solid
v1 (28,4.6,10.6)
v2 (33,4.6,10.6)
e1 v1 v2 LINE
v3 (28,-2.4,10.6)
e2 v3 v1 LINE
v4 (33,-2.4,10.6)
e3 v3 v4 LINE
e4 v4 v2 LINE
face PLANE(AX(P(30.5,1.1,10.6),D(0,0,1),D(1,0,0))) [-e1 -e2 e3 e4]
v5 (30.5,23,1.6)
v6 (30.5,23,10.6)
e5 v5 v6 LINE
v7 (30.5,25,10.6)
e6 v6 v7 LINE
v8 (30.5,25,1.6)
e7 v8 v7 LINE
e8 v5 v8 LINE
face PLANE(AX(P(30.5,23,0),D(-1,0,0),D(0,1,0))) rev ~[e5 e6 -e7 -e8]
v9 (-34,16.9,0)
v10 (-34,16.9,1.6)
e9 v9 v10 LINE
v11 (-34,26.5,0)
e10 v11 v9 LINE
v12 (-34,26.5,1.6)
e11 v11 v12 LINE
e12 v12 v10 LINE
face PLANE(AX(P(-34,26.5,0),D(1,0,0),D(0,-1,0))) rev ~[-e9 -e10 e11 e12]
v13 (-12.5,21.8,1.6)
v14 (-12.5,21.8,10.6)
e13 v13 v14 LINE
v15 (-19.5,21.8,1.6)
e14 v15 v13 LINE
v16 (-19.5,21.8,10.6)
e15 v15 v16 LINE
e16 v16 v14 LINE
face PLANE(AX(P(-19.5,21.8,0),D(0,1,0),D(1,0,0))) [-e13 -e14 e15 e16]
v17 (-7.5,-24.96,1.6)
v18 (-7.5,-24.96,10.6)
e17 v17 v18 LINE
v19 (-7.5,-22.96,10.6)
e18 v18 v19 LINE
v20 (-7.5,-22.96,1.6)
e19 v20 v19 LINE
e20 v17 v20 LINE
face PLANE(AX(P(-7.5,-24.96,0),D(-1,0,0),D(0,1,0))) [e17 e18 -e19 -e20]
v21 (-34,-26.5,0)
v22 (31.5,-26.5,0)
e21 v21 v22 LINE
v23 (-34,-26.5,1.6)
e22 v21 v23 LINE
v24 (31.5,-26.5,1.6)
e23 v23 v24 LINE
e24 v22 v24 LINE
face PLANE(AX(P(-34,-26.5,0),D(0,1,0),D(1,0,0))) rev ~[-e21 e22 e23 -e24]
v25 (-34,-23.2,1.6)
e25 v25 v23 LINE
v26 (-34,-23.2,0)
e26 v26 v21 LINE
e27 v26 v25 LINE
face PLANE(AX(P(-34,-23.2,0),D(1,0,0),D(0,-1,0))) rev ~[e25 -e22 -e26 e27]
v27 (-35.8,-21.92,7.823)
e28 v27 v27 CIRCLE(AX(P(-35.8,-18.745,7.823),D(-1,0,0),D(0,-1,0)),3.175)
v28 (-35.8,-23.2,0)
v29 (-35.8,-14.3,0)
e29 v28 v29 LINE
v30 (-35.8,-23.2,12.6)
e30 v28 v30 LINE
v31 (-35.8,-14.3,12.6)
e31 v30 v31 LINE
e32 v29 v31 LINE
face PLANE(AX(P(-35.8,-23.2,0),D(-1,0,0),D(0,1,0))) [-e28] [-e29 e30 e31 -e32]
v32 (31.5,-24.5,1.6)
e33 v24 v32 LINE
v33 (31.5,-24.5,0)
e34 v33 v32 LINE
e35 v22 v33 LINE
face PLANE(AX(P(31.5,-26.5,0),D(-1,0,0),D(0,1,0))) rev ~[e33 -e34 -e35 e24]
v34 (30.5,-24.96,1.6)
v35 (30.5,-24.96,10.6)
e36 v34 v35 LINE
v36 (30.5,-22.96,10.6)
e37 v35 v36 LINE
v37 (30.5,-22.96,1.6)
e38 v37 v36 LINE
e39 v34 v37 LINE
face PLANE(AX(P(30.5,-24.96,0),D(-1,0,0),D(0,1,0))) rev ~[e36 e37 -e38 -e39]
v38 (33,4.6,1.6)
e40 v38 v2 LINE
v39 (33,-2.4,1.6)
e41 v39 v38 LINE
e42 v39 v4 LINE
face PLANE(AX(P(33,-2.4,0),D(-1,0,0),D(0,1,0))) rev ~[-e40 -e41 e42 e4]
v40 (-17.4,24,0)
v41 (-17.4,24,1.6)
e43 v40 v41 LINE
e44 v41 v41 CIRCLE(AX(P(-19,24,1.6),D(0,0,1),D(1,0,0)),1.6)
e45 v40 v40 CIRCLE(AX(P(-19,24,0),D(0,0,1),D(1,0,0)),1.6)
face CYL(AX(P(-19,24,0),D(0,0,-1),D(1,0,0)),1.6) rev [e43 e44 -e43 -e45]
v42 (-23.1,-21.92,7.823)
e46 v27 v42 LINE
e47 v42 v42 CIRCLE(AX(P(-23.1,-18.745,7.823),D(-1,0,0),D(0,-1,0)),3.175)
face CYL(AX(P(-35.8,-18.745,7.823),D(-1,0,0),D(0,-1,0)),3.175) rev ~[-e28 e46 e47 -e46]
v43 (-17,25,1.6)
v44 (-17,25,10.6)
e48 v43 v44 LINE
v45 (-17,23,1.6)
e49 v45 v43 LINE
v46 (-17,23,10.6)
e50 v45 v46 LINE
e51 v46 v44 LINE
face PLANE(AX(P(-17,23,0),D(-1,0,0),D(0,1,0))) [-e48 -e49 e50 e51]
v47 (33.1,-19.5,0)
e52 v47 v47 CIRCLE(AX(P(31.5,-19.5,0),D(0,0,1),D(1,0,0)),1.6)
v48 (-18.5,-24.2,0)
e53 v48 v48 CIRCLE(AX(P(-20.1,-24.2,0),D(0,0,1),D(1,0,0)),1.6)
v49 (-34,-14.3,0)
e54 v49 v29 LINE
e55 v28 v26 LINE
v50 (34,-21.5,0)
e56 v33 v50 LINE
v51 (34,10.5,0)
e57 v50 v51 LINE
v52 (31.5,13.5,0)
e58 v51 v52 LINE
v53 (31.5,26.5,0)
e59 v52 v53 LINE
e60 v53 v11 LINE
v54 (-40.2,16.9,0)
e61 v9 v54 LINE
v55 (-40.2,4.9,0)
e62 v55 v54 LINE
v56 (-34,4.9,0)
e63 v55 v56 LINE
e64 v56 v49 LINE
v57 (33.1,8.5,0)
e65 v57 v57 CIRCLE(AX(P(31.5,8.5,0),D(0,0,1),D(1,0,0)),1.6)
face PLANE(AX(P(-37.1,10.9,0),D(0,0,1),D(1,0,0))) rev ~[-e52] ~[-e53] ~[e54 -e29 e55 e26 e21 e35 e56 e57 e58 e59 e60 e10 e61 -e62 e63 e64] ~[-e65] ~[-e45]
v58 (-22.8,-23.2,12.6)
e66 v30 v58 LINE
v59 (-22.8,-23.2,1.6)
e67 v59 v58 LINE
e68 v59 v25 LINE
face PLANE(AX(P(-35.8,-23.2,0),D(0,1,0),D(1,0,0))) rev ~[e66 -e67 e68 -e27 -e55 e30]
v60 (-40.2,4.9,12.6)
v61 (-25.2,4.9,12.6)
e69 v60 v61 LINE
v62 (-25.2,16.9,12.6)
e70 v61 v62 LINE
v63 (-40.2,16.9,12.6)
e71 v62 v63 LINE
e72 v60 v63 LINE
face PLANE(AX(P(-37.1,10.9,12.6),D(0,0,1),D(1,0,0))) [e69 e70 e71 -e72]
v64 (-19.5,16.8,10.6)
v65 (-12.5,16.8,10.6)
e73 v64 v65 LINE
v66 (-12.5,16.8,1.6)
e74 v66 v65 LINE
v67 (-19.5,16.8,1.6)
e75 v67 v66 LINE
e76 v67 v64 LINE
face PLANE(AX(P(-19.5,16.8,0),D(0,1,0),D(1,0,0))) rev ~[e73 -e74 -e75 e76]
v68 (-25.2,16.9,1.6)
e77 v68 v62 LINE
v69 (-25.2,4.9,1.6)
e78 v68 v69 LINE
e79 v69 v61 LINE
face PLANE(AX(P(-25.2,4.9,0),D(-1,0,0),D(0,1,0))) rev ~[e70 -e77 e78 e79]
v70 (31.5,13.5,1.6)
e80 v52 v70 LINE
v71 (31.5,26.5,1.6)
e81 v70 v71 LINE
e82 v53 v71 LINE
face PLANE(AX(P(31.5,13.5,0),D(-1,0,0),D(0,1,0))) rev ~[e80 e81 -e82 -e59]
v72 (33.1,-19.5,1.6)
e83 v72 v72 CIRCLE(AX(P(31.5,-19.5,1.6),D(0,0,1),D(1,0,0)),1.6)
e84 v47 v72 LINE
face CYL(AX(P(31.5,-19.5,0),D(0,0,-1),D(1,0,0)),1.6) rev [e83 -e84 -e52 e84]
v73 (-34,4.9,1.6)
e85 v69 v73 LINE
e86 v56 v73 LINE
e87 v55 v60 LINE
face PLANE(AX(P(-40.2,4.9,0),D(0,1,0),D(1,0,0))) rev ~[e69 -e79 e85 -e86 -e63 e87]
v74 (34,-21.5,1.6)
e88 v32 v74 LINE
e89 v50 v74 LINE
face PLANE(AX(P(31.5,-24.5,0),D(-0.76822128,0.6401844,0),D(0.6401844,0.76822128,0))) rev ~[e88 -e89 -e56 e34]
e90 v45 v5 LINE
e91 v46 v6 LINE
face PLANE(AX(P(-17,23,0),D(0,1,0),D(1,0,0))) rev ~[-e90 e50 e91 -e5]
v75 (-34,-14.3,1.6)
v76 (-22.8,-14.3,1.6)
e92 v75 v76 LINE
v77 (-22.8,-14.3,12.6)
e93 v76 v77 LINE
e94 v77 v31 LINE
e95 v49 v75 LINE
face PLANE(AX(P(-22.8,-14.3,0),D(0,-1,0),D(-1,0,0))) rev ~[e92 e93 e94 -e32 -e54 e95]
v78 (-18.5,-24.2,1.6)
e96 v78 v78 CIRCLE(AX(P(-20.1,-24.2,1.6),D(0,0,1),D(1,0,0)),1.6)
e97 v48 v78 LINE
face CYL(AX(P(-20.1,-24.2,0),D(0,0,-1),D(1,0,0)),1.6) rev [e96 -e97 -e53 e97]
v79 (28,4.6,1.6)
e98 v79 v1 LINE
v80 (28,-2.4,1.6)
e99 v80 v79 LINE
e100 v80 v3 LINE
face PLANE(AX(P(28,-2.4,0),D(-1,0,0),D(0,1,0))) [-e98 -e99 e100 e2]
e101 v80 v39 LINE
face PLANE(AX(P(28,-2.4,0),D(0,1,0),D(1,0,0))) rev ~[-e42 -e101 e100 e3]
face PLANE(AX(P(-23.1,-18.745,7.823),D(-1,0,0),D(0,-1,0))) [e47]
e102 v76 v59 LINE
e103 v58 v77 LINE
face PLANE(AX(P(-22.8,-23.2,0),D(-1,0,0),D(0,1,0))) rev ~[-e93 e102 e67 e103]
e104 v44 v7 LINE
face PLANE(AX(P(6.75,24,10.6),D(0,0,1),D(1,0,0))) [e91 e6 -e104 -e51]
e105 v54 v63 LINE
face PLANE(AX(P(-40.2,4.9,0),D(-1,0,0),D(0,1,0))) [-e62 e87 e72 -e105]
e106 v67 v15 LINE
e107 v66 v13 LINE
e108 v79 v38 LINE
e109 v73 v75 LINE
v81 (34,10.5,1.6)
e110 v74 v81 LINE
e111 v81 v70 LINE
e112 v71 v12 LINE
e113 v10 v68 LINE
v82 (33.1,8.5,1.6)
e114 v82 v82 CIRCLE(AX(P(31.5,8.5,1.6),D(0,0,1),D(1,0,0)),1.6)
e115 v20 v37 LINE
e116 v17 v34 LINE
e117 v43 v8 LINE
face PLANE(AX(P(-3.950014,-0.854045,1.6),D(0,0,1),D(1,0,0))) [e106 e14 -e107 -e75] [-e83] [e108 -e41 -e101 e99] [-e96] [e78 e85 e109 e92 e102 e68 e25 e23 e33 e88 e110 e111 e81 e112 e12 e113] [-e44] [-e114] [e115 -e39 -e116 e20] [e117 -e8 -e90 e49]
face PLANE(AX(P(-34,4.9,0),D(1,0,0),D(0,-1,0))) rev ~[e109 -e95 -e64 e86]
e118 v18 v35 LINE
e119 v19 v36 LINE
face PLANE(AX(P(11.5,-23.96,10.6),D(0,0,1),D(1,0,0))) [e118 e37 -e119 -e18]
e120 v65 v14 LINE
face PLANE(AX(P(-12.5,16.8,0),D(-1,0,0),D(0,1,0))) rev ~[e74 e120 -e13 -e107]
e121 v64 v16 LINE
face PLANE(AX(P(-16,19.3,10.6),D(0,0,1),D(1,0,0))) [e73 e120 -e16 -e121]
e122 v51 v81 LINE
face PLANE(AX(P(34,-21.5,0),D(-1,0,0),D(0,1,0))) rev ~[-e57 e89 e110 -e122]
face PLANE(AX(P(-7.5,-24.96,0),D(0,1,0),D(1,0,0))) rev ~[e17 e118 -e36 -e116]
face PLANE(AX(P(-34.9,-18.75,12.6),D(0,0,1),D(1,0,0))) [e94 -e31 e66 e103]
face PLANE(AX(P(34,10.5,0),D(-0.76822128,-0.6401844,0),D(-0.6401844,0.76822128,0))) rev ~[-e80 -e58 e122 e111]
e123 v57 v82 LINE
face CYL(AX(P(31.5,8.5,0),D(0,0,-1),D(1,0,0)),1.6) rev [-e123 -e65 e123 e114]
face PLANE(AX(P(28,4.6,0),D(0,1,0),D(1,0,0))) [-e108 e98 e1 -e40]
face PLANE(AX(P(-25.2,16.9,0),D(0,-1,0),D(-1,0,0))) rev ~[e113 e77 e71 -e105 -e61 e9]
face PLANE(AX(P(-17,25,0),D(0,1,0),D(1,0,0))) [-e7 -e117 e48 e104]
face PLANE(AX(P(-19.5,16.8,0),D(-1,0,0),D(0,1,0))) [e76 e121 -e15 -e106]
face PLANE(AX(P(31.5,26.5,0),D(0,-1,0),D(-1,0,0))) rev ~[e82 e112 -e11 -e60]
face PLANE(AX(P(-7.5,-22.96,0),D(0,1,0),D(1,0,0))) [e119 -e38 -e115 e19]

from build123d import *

# Parameters (mm, degrees)
F0_R     = 1.6
F0_W     = 38
F0_H     = 2
F0_W_2   = 7
F0_H_2   = 5
F0_W_3   = 5
F0_H_3   = 7
F0_W_4   = 47.5
F1_DEPTH = 1.6
F0_W_5   = 6.2
F0_H_4   = 12
F0_W_6   = 8.8
F0_W_7   = 1.8
F0_H_5   = 8.9
F0_W_8   = 11.2
F2_DEPTH = 12.6
F3_DEPTH = 10.6
F4_R     = 3.175
F5_DEPTH = 12.7


with BuildPart() as f1:
    # F0 (on Top) → F1 (new body)
    with BuildSketch(Plane.XY):
        Polygon((31.5, 13.5), (31.5, 26.5), (-34, 26.5), (-34, 16.9), (-25.2, 16.9), (-25.2, 4.9), (-34, 4.9), (-34, -14.3), (-22.8, -14.3), (-22.8, -23.2), (-34, -23.2), (-34, -26.5), (31.5, -26.5), (31.5, -24.5), (34, -21.5), (34, 10.5), align=None)
        with Locations((-20.1, -24.2)):
            Circle(F0_R, mode=Mode.SUBTRACT)
        with Locations((11.5, -23.96)):
            Rectangle(F0_W, F0_H, mode=Mode.SUBTRACT)
        with Locations((31.5, -19.5)):
            Circle(F0_R, mode=Mode.SUBTRACT)
        with Locations((-16, 19.3)):
            Rectangle(F0_W_2, F0_H_2, mode=Mode.SUBTRACT)
        with Locations((-19, 24)):
            Circle(F0_R, mode=Mode.SUBTRACT)
        with Locations((30.5, 1.1)):
            Rectangle(F0_W_3, F0_H_3, mode=Mode.SUBTRACT)
        with Locations((31.5, 8.5)):
            Circle(F0_R, mode=Mode.SUBTRACT)
        with Locations((6.75, 24)):
            Rectangle(F0_W_4, F0_H, mode=Mode.SUBTRACT)
    extrude(amount=F1_DEPTH)

    # F0 (on Top) → F2 (join)
    with BuildSketch(Plane.XY):
        with Locations((-37.1, 10.9)):
            Rectangle(F0_W_5, F0_H_4)
        with Locations((-29.6, 10.9)):
            Rectangle(F0_W_6, F0_H_4)
        with Locations((-34.9, -18.75)):
            Rectangle(F0_W_7, F0_H_5)
        with Locations((-28.4, -18.75)):
            Rectangle(F0_W_8, F0_H_5)
    extrude(amount=F2_DEPTH)

    # F0 (on Top) → F3 (join)
    with BuildSketch(Plane.XY):
        with Locations((6.75, 24)):
            Rectangle(F0_W_4, F0_H)
        with Locations((11.5, -23.96)):
            Rectangle(F0_W, F0_H)
        with Locations((-16, 19.3)):
            Rectangle(F0_W_2, F0_H_2)
        with Locations((30.5, 1.1)):
            Rectangle(F0_W_3, F0_H_3)
    extrude(amount=F3_DEPTH)

    # F4 (on face) → F5 (cut)
    with BuildSketch(Plane(origin=(-35.8, 0, 0), x_dir=(0, -1, 0), z_dir=(-1, 0, 0))):
        with Locations((18.745, 7.823)):
            Circle(F4_R)
    extrude(amount=-F5_DEPTH, mode=Mode.SUBTRACT)


solid = f1.part
